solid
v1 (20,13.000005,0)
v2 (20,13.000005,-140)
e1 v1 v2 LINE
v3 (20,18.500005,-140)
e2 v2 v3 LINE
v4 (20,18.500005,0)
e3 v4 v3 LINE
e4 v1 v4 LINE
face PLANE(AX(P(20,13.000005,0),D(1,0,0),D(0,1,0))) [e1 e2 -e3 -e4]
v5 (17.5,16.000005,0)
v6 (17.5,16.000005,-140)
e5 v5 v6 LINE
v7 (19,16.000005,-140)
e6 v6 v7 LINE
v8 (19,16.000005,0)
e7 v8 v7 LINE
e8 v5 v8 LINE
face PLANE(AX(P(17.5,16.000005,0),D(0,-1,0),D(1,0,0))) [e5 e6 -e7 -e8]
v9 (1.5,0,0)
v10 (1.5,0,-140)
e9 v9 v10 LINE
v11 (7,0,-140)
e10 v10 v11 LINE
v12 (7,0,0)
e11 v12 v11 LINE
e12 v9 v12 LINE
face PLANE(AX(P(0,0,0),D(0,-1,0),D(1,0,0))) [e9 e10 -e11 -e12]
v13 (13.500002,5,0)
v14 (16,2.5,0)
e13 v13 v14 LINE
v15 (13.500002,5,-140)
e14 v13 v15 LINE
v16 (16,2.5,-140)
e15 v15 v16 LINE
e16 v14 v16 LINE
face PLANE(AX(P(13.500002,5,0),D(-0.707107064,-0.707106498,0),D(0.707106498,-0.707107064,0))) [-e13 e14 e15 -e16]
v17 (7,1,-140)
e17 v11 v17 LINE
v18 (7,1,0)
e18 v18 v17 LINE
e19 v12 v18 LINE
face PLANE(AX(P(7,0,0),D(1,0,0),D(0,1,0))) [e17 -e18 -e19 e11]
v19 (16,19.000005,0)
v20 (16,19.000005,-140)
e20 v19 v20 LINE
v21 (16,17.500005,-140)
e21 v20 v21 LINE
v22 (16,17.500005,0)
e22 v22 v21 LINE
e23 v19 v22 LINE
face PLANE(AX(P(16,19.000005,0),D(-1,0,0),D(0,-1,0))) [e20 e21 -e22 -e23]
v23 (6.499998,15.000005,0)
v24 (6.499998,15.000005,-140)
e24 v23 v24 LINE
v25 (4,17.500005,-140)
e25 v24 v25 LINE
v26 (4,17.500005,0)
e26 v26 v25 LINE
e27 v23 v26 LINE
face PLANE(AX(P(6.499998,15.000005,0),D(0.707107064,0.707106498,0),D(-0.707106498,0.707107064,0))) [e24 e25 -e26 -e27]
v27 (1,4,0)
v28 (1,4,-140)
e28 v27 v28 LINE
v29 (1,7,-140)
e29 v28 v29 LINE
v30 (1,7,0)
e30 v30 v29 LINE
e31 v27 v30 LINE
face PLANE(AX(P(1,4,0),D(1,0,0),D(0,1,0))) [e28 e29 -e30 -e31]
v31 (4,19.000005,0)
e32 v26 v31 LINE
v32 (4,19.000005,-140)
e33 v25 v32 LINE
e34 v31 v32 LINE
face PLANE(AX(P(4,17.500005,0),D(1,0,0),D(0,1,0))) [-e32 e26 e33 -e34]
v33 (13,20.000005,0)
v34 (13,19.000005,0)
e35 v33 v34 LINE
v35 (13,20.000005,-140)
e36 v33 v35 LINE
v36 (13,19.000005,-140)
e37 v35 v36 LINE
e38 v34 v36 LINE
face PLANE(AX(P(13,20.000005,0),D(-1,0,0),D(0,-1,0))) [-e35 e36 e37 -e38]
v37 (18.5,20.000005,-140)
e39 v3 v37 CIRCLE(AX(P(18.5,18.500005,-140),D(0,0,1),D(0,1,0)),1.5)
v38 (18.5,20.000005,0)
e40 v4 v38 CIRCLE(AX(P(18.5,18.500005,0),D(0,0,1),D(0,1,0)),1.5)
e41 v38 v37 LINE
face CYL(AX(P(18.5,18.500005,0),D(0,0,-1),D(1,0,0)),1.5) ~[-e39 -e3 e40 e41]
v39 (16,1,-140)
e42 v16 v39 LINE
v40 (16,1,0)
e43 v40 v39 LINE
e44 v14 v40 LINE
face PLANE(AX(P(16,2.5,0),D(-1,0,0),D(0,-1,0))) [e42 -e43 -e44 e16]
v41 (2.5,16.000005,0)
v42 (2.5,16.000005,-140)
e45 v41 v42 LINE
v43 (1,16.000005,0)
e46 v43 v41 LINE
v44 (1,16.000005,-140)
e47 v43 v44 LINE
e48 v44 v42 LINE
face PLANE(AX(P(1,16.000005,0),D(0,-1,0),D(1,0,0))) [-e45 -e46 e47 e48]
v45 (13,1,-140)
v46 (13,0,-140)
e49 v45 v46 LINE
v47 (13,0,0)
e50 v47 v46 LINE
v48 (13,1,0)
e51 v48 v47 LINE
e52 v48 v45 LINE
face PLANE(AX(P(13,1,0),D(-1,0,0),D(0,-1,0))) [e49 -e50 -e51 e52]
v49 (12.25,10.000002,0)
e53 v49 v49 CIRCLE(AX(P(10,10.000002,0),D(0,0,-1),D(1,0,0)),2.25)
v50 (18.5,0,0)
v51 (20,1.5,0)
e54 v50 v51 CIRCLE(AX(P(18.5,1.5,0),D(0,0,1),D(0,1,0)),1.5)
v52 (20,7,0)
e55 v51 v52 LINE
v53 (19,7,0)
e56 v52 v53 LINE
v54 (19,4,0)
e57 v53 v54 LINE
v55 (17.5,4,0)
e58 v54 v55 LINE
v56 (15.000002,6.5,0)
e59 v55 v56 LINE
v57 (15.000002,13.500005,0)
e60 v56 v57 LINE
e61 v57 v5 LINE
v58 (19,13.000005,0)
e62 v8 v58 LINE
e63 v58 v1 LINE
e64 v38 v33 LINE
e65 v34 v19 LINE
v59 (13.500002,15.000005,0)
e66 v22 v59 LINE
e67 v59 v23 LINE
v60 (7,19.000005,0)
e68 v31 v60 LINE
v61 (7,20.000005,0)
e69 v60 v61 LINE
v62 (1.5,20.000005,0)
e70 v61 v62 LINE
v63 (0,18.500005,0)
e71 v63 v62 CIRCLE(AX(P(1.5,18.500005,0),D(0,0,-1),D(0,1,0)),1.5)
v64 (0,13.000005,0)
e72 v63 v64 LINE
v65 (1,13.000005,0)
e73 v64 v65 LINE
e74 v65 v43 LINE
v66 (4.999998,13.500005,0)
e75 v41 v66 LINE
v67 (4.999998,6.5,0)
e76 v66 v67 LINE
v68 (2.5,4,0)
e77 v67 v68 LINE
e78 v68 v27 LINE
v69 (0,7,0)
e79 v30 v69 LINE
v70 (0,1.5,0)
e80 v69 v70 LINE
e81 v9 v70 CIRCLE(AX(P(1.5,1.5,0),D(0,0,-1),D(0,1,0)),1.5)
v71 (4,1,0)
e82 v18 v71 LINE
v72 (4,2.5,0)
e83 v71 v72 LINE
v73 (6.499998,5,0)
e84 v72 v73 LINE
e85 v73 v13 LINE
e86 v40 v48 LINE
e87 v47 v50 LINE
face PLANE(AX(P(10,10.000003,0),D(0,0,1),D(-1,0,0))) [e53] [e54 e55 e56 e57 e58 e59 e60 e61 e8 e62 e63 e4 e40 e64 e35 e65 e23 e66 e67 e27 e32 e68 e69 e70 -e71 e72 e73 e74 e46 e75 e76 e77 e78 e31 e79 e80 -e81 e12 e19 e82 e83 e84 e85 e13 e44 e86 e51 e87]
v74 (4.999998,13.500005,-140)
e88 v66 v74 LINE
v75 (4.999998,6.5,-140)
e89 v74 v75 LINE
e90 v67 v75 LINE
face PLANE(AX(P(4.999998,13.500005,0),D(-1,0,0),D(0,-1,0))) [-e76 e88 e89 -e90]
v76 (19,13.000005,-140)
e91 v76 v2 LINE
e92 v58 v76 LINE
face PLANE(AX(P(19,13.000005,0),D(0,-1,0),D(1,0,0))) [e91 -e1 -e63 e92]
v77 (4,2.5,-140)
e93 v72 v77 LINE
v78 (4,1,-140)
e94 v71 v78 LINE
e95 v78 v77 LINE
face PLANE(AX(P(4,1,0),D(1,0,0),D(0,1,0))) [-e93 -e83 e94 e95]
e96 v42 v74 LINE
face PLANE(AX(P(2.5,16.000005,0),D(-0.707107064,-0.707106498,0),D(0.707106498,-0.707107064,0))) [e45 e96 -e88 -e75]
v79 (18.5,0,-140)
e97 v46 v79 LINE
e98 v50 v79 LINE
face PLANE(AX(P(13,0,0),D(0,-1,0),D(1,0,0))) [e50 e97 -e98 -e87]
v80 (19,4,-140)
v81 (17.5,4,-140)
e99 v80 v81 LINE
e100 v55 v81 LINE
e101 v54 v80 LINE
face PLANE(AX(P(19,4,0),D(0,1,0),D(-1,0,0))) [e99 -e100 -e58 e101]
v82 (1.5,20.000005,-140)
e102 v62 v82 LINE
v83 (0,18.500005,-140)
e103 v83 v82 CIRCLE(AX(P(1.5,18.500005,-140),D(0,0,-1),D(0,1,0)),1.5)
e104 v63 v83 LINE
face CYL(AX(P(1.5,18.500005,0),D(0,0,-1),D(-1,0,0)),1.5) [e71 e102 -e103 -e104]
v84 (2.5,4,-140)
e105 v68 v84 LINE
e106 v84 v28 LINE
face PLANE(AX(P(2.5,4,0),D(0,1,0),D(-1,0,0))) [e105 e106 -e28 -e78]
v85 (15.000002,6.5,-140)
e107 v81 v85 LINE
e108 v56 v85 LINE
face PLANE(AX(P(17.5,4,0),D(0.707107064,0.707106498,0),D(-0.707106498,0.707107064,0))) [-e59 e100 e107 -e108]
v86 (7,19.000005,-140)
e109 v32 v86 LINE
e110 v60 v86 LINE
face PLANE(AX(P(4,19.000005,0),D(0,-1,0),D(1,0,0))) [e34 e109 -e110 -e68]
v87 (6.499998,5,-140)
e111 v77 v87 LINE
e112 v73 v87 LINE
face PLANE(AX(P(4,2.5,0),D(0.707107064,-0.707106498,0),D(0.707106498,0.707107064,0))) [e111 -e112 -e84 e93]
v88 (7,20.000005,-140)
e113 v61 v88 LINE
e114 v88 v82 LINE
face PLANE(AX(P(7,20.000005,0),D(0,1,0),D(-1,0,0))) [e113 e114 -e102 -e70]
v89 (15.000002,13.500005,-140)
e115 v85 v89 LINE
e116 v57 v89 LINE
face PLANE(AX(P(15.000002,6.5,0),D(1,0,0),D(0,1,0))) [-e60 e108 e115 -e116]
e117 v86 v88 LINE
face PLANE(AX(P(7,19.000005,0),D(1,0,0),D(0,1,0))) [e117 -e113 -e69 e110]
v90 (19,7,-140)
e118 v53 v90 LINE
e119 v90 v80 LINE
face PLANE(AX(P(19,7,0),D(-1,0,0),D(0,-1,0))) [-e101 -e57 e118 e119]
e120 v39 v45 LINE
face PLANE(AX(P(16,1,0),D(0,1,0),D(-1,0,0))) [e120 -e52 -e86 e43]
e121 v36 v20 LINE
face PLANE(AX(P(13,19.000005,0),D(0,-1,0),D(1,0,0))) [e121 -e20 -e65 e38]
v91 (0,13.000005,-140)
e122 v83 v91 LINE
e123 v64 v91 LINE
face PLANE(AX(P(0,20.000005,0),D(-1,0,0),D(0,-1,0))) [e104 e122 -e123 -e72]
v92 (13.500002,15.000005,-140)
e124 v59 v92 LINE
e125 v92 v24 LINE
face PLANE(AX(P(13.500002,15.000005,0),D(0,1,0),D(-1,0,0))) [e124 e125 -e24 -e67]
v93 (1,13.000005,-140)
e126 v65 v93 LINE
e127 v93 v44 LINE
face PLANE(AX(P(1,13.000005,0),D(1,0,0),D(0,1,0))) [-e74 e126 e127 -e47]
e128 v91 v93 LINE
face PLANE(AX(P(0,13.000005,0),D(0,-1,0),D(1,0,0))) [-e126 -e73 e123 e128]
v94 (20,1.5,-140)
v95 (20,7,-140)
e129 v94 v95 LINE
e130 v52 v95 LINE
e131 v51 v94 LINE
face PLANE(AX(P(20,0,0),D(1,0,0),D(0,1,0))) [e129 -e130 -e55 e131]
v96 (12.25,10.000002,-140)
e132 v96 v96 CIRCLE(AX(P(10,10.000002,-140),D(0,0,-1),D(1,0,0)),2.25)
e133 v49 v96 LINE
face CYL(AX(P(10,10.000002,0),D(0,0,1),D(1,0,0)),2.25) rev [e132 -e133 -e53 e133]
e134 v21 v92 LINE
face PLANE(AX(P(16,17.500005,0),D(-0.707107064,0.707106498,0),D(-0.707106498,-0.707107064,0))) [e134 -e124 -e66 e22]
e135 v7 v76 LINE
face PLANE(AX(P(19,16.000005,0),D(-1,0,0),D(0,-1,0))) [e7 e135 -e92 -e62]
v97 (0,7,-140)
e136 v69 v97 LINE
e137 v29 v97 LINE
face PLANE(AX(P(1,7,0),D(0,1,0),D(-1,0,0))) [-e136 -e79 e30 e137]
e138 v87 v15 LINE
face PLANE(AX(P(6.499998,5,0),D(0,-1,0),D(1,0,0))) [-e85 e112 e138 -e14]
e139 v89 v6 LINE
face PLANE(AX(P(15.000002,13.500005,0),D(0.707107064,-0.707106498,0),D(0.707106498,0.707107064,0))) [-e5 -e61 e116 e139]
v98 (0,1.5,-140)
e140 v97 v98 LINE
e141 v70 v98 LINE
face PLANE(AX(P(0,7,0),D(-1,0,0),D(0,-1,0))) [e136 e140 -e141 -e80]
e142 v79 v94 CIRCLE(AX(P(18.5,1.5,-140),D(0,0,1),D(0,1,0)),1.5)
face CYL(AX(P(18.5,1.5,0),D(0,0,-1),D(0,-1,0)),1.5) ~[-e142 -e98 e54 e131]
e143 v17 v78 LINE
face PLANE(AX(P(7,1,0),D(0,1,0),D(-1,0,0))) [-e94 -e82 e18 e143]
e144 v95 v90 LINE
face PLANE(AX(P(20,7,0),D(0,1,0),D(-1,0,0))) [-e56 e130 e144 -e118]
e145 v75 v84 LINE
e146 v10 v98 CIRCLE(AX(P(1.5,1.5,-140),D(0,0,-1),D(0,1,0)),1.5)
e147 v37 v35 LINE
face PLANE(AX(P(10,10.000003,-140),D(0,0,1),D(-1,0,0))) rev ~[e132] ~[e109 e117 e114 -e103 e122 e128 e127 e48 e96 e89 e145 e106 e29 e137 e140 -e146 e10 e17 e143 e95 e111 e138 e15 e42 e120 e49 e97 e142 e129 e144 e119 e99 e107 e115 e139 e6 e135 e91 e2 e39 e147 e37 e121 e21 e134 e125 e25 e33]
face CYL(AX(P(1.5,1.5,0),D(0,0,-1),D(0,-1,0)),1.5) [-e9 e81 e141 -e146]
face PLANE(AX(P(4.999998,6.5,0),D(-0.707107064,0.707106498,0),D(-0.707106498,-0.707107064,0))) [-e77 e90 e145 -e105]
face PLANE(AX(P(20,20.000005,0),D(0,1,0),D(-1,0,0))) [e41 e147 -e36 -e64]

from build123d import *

# Parameters (mm, degrees)
SKETCH_R  = 2.25
PAD_DEPTH = 140
FILLET_R  = 1.5


with BuildPart() as part:
    # Sketch → Pad (new body)
    with BuildSketch(Plane(origin=(0, 0, 0), x_dir=(1, 0, 0), z_dir=(0, 0, -1))):
        Polygon((7, 0), (7, -1), (4, -1), (4, -2.5), (6.499998, -5), (13.500002, -5), (16, -2.5), (16, -1), (13, -1), (13, 0), (20, 0), (20, -7), (19, -7), (19, -4), (17.5, -4), (15.000002, -6.5), (15.000002, -13.500005), (17.5, -16.000005), (19, -16.000005), (19, -13.000005), (20, -13.000005), (20, -20.000005), (13, -20.000005), (13, -19.000005), (16, -19.000005), (16, -17.500005), (13.500002, -15.000005), (6.499998, -15.000005), (4, -17.500005), (4, -19.000005), (7, -19.000005), (7, -20.000005), (0, -20.000005), (0, -13.000005), (1, -13.000005), (1, -16.000005), (2.5, -16.000005), (4.999998, -13.500005), (4.999998, -6.5), (2.5, -4), (1, -4), (1, -7), (0, -7), (0, 0), align=None)
        with Locations((10, -10.000002)):
            Circle(SKETCH_R, mode=Mode.SUBTRACT)
    extrude(amount=PAD_DEPTH)

    # Fillet
    fillet_edges = [part.edges().sort_by_distance(p)[0] for p in [
        (20, 20.000005, -70),
        (20, 0, -70),
        (0, 20.000005, -70),
        (0, 0, -70),
    ]]
    fillet(fillet_edges, radius=FILLET_R)


solid = part.part
